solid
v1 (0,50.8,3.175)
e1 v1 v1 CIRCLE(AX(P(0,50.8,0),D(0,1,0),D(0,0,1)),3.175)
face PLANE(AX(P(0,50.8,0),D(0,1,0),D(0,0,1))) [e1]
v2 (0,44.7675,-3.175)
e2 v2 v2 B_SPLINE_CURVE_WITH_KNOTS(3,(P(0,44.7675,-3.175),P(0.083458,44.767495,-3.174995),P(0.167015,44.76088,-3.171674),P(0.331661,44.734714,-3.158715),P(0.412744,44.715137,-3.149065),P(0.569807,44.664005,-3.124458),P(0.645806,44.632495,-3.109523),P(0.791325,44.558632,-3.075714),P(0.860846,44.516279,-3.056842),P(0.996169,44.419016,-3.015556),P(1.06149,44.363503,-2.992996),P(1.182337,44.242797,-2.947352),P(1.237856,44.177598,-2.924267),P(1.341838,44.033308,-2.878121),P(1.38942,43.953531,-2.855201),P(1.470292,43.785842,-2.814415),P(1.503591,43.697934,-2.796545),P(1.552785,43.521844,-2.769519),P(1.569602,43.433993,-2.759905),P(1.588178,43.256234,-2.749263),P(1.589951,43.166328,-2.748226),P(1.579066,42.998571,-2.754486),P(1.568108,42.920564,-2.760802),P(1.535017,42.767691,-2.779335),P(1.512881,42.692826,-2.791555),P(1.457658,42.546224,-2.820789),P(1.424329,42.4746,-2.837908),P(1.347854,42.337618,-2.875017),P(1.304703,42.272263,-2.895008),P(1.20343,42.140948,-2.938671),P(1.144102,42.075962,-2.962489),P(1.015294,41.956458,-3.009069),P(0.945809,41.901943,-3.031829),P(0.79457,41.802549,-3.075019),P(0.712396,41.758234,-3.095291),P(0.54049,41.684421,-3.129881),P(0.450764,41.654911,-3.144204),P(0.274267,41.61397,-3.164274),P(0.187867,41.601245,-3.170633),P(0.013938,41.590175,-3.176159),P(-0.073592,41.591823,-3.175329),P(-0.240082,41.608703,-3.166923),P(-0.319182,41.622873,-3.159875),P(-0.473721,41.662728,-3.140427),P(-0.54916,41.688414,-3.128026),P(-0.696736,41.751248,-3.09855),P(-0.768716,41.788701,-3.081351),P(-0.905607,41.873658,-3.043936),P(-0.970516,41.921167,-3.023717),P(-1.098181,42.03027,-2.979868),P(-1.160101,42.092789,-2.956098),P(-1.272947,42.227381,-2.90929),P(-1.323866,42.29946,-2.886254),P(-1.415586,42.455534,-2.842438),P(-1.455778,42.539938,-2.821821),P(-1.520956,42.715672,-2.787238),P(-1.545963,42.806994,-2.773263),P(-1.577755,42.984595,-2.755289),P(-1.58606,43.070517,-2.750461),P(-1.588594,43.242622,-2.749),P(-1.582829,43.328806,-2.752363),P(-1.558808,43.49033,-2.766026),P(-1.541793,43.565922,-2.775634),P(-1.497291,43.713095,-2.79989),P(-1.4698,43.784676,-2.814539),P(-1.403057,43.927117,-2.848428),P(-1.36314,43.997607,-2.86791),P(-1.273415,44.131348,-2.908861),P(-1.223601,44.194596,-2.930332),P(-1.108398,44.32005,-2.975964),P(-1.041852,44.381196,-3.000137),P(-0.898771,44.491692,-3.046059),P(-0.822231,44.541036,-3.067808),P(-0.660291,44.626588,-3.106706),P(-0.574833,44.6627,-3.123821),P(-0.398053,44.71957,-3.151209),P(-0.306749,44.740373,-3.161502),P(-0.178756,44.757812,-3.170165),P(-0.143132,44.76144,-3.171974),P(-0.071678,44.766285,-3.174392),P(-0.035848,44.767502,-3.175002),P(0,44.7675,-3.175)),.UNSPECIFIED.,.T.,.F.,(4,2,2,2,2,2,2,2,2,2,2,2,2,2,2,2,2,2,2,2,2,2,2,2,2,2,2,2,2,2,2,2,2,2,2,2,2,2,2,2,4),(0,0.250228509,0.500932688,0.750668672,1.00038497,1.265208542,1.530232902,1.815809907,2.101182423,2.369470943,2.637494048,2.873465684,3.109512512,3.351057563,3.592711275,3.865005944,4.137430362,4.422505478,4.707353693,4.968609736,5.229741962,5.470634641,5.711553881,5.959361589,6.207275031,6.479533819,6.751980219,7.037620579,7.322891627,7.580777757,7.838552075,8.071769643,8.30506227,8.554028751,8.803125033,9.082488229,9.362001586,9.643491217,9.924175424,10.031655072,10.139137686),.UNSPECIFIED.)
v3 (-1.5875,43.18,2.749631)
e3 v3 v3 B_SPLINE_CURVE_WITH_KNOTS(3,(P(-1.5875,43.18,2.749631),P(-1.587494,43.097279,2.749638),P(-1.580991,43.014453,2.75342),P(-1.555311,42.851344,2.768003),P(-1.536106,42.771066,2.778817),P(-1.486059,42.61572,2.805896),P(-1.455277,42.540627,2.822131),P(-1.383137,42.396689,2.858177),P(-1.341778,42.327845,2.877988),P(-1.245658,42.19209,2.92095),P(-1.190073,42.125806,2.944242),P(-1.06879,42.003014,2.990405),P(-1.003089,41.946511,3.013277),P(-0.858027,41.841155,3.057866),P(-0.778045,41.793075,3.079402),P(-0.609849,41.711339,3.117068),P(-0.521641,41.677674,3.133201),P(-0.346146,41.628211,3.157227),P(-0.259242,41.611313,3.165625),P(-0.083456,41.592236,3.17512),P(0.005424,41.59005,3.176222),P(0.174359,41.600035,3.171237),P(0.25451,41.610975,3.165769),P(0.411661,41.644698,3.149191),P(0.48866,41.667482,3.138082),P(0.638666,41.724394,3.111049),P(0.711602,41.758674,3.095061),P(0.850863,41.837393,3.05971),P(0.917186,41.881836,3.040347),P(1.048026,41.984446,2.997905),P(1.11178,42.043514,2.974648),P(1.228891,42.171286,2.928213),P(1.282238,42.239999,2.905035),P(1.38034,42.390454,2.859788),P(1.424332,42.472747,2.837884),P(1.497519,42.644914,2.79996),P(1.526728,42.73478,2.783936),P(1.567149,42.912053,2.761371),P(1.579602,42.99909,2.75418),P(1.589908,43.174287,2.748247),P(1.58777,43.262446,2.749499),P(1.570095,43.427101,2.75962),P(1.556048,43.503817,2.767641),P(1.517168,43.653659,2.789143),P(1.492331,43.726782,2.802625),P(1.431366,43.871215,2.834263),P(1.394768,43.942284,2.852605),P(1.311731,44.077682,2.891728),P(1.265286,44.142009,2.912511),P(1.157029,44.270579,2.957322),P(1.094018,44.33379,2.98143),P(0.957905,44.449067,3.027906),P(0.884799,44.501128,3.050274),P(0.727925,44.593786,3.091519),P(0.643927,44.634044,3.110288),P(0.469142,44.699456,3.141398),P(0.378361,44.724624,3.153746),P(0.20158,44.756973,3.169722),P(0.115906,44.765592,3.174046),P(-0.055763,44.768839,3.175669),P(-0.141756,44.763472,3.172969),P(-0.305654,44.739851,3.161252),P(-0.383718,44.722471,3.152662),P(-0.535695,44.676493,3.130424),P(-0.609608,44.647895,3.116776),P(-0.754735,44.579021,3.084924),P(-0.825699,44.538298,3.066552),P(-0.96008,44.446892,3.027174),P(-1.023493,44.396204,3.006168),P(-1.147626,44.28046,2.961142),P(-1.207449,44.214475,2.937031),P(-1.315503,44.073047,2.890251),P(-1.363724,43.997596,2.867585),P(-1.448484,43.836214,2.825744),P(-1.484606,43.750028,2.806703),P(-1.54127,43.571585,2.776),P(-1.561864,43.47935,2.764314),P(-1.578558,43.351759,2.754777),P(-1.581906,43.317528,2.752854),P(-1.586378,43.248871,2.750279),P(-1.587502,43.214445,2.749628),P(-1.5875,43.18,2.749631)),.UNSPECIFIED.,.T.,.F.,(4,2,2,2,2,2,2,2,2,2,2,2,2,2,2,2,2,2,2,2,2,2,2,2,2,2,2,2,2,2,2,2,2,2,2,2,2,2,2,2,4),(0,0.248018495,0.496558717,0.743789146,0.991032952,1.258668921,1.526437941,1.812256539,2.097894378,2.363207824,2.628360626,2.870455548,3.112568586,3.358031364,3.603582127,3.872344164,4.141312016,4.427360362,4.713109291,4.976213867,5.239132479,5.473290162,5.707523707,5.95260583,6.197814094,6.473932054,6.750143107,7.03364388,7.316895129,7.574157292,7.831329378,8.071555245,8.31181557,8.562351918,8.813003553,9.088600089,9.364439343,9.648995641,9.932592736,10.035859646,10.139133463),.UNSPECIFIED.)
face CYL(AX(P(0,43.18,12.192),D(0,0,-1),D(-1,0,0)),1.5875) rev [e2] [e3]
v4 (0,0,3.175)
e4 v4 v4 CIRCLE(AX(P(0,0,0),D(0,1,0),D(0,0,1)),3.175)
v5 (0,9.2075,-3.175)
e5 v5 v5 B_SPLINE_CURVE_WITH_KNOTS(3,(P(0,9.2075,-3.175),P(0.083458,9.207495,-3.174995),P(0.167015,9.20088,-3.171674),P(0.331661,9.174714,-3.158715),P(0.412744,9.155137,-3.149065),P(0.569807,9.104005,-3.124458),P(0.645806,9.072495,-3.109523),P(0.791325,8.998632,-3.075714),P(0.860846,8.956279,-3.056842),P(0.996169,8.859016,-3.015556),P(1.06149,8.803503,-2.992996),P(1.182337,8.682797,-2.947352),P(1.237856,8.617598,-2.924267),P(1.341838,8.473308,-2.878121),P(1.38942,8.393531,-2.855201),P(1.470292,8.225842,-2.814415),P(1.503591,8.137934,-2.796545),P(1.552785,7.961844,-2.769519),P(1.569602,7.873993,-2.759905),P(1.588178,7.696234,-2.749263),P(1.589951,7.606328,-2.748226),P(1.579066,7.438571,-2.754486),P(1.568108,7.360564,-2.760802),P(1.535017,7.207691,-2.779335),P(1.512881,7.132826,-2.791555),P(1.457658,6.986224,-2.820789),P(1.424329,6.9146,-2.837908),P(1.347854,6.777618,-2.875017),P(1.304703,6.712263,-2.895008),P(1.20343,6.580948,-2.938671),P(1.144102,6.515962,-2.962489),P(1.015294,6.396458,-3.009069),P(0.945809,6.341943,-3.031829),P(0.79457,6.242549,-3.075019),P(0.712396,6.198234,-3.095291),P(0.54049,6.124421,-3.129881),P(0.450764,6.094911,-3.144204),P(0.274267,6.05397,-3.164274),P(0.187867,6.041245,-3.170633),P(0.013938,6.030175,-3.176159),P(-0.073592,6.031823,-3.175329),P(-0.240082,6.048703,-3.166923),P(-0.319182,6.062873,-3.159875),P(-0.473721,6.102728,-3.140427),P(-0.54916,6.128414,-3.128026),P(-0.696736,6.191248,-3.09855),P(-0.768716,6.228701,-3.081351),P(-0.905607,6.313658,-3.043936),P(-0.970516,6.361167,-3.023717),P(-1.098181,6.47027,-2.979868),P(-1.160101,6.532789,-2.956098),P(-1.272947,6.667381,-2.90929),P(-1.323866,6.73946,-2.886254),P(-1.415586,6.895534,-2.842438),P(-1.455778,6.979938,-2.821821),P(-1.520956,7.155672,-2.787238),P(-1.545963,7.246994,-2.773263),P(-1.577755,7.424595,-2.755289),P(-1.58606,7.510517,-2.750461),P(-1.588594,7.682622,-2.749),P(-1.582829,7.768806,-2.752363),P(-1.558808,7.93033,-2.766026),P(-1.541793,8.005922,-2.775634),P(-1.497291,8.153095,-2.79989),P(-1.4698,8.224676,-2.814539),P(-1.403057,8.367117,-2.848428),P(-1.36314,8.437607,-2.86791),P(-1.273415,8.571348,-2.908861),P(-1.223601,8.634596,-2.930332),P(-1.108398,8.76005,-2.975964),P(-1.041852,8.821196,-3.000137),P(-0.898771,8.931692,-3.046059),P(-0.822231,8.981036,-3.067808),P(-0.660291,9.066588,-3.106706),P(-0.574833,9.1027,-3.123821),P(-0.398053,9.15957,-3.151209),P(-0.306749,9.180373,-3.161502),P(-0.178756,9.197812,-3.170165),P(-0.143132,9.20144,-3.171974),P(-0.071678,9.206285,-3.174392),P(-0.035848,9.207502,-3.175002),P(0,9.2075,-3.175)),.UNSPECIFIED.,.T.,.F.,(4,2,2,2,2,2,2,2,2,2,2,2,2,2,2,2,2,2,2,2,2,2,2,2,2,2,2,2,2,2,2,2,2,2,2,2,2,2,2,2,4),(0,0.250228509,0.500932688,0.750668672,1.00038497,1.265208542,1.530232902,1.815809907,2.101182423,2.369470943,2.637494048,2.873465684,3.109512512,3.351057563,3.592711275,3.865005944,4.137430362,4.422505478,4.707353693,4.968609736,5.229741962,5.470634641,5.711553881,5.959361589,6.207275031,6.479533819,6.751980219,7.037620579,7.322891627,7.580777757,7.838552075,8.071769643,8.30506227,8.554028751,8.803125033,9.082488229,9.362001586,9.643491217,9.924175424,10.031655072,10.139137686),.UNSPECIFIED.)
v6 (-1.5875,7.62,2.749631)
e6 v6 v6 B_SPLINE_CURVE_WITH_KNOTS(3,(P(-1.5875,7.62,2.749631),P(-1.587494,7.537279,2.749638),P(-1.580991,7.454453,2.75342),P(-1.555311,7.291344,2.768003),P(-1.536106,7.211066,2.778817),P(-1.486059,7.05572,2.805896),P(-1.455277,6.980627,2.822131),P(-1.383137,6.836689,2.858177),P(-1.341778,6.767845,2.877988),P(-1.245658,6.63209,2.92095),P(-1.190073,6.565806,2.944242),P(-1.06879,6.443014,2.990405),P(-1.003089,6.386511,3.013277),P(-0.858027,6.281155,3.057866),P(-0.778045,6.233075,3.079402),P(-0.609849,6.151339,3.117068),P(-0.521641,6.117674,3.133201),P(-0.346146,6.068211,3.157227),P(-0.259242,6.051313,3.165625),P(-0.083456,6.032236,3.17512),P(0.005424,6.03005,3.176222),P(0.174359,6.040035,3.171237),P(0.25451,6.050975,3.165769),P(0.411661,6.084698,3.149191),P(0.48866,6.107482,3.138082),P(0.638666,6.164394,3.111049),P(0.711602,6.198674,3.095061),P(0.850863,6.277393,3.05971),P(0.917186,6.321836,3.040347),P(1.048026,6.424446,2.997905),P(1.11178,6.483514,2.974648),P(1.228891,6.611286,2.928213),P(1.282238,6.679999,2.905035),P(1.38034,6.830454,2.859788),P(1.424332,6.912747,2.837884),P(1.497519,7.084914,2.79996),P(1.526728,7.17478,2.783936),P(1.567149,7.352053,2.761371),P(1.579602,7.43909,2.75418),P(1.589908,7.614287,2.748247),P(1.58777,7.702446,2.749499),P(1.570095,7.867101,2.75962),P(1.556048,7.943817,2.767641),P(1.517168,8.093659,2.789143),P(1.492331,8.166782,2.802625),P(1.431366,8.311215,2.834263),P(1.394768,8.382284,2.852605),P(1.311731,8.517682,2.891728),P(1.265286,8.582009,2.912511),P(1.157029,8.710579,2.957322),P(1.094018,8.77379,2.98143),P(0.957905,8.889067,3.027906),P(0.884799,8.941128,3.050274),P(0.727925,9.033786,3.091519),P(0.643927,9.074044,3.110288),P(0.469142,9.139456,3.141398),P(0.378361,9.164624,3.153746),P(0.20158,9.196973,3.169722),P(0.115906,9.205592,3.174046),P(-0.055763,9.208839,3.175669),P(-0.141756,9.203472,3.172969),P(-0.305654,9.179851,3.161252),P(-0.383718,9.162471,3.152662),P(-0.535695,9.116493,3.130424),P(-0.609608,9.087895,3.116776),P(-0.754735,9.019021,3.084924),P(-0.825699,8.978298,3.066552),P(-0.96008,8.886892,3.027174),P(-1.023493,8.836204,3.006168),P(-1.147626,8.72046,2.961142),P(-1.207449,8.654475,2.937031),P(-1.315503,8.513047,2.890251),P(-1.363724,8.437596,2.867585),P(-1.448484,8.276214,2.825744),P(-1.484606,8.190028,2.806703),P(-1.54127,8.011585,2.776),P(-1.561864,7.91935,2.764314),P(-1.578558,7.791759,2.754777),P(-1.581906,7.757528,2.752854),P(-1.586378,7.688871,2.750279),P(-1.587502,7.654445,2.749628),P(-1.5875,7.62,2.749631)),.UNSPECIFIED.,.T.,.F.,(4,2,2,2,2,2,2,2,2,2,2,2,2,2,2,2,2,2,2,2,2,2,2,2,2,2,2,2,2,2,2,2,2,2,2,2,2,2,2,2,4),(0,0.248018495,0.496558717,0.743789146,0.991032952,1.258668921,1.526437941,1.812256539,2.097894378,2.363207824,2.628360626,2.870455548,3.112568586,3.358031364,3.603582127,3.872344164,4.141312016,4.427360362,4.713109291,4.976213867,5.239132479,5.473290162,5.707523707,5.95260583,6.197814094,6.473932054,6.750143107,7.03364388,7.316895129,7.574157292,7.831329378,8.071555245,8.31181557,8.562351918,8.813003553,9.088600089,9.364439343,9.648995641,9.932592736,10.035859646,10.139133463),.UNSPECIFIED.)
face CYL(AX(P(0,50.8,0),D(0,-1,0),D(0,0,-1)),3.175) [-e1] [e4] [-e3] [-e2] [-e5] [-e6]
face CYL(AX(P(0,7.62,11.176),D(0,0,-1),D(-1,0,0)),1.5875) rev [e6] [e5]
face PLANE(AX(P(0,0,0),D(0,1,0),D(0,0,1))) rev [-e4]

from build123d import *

# Parameters (mm, degrees)
SKETCH1_R               = 3.175
BOSS_EXTRUDE1_DEPTH     = 50.8
CUT_EXTRUDE1_DEPTH      = 12.192
CUT_EXTRUDE1_DEPTH_BACK = 11.176
SKETCH2_R               = 1.5875
CUT_EXTRUDE2_DEPTH      = 11.176
CUT_EXTRUDE2_DEPTH_BACK = 11.176
SKETCH3_R               = 1.5875


with BuildPart() as part:
    # Sketch1 → Boss-Extrude1 (new body)
    with BuildSketch(Plane(origin=(0, 0, 0), x_dir=(1, 0, 0), z_dir=(0, 1, 0))):
        with Locations(Location((0, 0, 0), (0, 0, 270))):
            Circle(SKETCH1_R)
    extrude(amount=BOSS_EXTRUDE1_DEPTH)

    # Sketch2 → Cut-Extrude1 (cut, two sides: drawn at the far end of the back side and taken through both)
    with BuildSketch(Plane.XY.offset(-CUT_EXTRUDE1_DEPTH_BACK)):
        with Locations(Location((0, 43.18, 0), (0, 0, 89.99999999))):
            Circle(SKETCH2_R)
    extrude(amount=CUT_EXTRUDE1_DEPTH + CUT_EXTRUDE1_DEPTH_BACK, mode=Mode.SUBTRACT)

    # Sketch3 → Cut-Extrude2 (cut, two sides: drawn at the far end of the back side and taken through both)
    with BuildSketch(Plane.XY.offset(-CUT_EXTRUDE2_DEPTH_BACK)):
        with Locations(Location((0, 7.62, 0), (0, 0, 89.99999999))):
            Circle(SKETCH3_R)
    extrude(amount=CUT_EXTRUDE2_DEPTH + CUT_EXTRUDE2_DEPTH_BACK, mode=Mode.SUBTRACT)


solid = part.part
